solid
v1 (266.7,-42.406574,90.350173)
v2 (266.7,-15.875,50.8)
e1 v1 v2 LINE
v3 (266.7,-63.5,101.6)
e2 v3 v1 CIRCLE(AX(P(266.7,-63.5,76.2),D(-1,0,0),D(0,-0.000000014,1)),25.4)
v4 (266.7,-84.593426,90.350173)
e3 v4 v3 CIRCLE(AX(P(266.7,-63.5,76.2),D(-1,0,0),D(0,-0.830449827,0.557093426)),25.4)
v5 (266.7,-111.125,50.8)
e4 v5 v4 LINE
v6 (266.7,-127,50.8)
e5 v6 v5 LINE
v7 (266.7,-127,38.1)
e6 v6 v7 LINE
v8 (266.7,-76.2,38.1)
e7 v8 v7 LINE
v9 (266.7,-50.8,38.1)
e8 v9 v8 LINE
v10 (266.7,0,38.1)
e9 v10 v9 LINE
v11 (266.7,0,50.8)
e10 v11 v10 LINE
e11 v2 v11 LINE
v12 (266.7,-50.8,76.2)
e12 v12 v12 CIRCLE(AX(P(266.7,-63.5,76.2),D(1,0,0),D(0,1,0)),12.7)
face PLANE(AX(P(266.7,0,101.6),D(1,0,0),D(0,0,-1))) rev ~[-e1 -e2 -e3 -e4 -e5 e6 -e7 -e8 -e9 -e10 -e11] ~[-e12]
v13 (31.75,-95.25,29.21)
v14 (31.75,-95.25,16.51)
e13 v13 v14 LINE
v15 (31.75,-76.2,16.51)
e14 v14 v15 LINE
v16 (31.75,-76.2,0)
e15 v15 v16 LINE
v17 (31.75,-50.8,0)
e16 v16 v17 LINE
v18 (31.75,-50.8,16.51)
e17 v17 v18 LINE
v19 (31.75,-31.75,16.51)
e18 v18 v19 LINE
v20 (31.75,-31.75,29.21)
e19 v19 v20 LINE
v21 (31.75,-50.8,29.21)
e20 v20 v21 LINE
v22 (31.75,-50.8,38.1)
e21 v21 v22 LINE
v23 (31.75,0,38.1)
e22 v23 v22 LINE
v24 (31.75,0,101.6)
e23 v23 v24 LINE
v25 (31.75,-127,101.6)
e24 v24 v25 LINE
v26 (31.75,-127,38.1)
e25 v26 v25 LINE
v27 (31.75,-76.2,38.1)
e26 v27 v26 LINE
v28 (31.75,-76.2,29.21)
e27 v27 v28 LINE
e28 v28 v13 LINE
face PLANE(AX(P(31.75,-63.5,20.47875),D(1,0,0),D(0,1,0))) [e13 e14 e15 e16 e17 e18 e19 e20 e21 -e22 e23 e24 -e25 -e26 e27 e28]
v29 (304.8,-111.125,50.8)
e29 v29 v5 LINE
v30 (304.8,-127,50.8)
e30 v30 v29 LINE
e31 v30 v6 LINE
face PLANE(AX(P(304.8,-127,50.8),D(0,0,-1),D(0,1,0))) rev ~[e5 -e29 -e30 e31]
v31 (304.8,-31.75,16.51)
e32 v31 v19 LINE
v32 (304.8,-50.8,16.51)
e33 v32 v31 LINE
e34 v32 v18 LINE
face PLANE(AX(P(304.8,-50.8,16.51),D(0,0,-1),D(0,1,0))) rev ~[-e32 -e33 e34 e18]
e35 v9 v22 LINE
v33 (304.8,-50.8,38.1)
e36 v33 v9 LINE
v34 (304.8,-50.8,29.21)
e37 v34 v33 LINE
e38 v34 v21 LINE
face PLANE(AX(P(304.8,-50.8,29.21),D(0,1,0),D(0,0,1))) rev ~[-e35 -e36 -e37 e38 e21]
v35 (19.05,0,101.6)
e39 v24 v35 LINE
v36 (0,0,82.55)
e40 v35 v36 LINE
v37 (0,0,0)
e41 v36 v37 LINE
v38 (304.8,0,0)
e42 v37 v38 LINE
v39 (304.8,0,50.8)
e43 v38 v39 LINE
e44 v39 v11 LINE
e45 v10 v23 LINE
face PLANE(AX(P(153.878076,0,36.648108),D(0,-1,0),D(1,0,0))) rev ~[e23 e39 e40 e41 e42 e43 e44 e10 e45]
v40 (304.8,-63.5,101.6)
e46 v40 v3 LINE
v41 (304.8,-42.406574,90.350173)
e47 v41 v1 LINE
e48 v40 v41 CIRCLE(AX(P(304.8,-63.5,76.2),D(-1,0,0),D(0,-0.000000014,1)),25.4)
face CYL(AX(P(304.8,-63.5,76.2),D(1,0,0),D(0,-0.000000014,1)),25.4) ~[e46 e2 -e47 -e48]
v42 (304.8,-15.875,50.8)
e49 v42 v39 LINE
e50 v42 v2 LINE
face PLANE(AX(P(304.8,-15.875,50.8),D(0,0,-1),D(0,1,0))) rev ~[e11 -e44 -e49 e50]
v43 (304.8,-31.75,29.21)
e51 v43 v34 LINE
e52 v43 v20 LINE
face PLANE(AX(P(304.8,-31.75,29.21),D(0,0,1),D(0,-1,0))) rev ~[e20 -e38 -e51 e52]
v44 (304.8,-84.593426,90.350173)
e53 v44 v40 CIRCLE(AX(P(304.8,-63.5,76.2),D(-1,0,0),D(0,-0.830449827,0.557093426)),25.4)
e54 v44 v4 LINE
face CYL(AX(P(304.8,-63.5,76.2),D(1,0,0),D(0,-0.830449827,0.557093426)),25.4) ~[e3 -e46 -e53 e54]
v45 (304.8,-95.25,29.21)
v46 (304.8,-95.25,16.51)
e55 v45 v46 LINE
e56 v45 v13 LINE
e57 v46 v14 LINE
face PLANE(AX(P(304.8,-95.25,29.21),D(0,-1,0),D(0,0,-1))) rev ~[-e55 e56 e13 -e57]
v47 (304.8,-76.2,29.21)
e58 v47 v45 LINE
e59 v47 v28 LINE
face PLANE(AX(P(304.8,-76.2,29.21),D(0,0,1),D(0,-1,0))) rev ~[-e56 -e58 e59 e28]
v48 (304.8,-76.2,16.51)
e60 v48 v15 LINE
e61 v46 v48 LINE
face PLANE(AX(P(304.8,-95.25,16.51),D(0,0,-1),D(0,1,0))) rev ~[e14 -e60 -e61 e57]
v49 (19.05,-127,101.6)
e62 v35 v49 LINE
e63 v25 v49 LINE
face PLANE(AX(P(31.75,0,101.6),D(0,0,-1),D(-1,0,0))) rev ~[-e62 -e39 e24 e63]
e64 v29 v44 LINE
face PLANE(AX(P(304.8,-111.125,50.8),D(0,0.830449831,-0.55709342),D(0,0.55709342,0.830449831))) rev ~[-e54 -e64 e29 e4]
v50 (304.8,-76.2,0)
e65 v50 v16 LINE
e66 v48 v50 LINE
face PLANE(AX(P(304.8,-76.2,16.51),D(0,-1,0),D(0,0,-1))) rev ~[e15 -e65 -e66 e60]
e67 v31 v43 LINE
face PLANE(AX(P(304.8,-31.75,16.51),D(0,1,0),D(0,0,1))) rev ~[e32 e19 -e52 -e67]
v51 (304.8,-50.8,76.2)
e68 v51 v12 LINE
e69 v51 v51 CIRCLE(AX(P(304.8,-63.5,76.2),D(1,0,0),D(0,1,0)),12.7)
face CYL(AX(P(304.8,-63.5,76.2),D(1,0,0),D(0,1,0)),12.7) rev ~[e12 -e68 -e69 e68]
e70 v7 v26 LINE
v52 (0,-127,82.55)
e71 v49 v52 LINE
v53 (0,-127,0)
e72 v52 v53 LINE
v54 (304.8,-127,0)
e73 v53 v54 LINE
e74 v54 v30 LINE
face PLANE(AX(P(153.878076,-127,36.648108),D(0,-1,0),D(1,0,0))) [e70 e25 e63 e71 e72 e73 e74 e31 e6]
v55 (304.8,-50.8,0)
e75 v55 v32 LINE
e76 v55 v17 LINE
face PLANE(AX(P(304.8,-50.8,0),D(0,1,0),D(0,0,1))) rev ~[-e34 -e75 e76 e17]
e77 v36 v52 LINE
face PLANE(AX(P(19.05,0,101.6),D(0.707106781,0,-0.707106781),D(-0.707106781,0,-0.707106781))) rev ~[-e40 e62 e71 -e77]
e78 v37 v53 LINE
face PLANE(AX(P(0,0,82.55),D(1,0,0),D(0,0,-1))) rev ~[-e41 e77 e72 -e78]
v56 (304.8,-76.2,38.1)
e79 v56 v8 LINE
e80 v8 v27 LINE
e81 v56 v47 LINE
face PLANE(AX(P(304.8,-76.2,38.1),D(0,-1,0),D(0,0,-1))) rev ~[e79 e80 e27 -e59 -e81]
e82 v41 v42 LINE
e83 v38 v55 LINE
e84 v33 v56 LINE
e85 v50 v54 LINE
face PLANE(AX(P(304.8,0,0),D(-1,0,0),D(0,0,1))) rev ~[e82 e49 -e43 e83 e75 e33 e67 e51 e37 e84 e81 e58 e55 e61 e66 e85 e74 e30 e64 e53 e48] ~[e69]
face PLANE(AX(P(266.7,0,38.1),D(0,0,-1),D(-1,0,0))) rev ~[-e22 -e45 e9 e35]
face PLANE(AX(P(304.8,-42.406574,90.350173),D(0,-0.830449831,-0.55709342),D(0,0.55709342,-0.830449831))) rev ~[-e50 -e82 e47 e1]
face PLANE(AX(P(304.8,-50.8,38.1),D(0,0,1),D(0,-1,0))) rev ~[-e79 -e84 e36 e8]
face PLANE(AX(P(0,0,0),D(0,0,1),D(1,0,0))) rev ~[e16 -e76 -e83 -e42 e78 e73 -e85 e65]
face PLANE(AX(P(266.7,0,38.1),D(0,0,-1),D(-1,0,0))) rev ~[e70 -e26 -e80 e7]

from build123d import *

# Parameters (mm, degrees)
F1_DEPTH = 127
F2_R     = 12.7
F3_DEPTH = 38.1
F4_DEPTH = 273.05


with BuildPart() as f1:
    # F0 (on Front) → F1 (new body)
    with BuildSketch(Plane.XZ):
        Polygon((0, 82.55), (0, 0), (304.8, 0), (304.8, 101.6), (266.7, 101.6), (266.7, 38.1), (31.75, 38.1), (31.75, 101.6), (19.05, 101.6), align=None)
    extrude(amount=F1_DEPTH)

    # F2 (on face) → F3 (cut)
    with BuildSketch(Plane.YZ.offset(304.8)):
        with BuildLine():
            Line((0, 101.6), (-63.5, 101.6))
            ThreePointArc((-63.5, 101.6), (-51.547059, 98.611765), (-42.406574, 90.350173))
            Line((-42.406574, 90.350173), (-15.875, 50.8))
            Line((-15.875, 50.8), (0, 50.8))
            Line((0, 50.8), (0, 101.6))
        make_face()
        with BuildLine():
            Line((-127, 101.6), (-127, 50.8))
            Line((-127, 50.8), (-111.125, 50.8))
            Line((-111.125, 50.8), (-84.593426, 90.350173))
            ThreePointArc((-84.593426, 90.350173), (-75.452941, 98.611765), (-63.5, 101.6))
            Line((-63.5, 101.6), (-127, 101.6))
        make_face()
        with Locations((-63.5, 76.2)):
            Circle(F2_R)
    extrude(amount=-F3_DEPTH, mode=Mode.SUBTRACT)

    # F2 (on face) → F4 (cut)
    with BuildSketch(Plane.YZ.offset(304.8)):
        Polygon((-76.2, 16.51), (-76.2, 0), (-50.8, 0), (-50.8, 16.51), (-31.75, 16.51), (-31.75, 29.21), (-50.8, 29.21), (-50.8, 38.1), (-76.2, 38.1), (-76.2, 29.21), (-95.25, 29.21), (-95.25, 16.51), align=None)
    extrude(amount=-F4_DEPTH, mode=Mode.SUBTRACT)


solid = f1.part
